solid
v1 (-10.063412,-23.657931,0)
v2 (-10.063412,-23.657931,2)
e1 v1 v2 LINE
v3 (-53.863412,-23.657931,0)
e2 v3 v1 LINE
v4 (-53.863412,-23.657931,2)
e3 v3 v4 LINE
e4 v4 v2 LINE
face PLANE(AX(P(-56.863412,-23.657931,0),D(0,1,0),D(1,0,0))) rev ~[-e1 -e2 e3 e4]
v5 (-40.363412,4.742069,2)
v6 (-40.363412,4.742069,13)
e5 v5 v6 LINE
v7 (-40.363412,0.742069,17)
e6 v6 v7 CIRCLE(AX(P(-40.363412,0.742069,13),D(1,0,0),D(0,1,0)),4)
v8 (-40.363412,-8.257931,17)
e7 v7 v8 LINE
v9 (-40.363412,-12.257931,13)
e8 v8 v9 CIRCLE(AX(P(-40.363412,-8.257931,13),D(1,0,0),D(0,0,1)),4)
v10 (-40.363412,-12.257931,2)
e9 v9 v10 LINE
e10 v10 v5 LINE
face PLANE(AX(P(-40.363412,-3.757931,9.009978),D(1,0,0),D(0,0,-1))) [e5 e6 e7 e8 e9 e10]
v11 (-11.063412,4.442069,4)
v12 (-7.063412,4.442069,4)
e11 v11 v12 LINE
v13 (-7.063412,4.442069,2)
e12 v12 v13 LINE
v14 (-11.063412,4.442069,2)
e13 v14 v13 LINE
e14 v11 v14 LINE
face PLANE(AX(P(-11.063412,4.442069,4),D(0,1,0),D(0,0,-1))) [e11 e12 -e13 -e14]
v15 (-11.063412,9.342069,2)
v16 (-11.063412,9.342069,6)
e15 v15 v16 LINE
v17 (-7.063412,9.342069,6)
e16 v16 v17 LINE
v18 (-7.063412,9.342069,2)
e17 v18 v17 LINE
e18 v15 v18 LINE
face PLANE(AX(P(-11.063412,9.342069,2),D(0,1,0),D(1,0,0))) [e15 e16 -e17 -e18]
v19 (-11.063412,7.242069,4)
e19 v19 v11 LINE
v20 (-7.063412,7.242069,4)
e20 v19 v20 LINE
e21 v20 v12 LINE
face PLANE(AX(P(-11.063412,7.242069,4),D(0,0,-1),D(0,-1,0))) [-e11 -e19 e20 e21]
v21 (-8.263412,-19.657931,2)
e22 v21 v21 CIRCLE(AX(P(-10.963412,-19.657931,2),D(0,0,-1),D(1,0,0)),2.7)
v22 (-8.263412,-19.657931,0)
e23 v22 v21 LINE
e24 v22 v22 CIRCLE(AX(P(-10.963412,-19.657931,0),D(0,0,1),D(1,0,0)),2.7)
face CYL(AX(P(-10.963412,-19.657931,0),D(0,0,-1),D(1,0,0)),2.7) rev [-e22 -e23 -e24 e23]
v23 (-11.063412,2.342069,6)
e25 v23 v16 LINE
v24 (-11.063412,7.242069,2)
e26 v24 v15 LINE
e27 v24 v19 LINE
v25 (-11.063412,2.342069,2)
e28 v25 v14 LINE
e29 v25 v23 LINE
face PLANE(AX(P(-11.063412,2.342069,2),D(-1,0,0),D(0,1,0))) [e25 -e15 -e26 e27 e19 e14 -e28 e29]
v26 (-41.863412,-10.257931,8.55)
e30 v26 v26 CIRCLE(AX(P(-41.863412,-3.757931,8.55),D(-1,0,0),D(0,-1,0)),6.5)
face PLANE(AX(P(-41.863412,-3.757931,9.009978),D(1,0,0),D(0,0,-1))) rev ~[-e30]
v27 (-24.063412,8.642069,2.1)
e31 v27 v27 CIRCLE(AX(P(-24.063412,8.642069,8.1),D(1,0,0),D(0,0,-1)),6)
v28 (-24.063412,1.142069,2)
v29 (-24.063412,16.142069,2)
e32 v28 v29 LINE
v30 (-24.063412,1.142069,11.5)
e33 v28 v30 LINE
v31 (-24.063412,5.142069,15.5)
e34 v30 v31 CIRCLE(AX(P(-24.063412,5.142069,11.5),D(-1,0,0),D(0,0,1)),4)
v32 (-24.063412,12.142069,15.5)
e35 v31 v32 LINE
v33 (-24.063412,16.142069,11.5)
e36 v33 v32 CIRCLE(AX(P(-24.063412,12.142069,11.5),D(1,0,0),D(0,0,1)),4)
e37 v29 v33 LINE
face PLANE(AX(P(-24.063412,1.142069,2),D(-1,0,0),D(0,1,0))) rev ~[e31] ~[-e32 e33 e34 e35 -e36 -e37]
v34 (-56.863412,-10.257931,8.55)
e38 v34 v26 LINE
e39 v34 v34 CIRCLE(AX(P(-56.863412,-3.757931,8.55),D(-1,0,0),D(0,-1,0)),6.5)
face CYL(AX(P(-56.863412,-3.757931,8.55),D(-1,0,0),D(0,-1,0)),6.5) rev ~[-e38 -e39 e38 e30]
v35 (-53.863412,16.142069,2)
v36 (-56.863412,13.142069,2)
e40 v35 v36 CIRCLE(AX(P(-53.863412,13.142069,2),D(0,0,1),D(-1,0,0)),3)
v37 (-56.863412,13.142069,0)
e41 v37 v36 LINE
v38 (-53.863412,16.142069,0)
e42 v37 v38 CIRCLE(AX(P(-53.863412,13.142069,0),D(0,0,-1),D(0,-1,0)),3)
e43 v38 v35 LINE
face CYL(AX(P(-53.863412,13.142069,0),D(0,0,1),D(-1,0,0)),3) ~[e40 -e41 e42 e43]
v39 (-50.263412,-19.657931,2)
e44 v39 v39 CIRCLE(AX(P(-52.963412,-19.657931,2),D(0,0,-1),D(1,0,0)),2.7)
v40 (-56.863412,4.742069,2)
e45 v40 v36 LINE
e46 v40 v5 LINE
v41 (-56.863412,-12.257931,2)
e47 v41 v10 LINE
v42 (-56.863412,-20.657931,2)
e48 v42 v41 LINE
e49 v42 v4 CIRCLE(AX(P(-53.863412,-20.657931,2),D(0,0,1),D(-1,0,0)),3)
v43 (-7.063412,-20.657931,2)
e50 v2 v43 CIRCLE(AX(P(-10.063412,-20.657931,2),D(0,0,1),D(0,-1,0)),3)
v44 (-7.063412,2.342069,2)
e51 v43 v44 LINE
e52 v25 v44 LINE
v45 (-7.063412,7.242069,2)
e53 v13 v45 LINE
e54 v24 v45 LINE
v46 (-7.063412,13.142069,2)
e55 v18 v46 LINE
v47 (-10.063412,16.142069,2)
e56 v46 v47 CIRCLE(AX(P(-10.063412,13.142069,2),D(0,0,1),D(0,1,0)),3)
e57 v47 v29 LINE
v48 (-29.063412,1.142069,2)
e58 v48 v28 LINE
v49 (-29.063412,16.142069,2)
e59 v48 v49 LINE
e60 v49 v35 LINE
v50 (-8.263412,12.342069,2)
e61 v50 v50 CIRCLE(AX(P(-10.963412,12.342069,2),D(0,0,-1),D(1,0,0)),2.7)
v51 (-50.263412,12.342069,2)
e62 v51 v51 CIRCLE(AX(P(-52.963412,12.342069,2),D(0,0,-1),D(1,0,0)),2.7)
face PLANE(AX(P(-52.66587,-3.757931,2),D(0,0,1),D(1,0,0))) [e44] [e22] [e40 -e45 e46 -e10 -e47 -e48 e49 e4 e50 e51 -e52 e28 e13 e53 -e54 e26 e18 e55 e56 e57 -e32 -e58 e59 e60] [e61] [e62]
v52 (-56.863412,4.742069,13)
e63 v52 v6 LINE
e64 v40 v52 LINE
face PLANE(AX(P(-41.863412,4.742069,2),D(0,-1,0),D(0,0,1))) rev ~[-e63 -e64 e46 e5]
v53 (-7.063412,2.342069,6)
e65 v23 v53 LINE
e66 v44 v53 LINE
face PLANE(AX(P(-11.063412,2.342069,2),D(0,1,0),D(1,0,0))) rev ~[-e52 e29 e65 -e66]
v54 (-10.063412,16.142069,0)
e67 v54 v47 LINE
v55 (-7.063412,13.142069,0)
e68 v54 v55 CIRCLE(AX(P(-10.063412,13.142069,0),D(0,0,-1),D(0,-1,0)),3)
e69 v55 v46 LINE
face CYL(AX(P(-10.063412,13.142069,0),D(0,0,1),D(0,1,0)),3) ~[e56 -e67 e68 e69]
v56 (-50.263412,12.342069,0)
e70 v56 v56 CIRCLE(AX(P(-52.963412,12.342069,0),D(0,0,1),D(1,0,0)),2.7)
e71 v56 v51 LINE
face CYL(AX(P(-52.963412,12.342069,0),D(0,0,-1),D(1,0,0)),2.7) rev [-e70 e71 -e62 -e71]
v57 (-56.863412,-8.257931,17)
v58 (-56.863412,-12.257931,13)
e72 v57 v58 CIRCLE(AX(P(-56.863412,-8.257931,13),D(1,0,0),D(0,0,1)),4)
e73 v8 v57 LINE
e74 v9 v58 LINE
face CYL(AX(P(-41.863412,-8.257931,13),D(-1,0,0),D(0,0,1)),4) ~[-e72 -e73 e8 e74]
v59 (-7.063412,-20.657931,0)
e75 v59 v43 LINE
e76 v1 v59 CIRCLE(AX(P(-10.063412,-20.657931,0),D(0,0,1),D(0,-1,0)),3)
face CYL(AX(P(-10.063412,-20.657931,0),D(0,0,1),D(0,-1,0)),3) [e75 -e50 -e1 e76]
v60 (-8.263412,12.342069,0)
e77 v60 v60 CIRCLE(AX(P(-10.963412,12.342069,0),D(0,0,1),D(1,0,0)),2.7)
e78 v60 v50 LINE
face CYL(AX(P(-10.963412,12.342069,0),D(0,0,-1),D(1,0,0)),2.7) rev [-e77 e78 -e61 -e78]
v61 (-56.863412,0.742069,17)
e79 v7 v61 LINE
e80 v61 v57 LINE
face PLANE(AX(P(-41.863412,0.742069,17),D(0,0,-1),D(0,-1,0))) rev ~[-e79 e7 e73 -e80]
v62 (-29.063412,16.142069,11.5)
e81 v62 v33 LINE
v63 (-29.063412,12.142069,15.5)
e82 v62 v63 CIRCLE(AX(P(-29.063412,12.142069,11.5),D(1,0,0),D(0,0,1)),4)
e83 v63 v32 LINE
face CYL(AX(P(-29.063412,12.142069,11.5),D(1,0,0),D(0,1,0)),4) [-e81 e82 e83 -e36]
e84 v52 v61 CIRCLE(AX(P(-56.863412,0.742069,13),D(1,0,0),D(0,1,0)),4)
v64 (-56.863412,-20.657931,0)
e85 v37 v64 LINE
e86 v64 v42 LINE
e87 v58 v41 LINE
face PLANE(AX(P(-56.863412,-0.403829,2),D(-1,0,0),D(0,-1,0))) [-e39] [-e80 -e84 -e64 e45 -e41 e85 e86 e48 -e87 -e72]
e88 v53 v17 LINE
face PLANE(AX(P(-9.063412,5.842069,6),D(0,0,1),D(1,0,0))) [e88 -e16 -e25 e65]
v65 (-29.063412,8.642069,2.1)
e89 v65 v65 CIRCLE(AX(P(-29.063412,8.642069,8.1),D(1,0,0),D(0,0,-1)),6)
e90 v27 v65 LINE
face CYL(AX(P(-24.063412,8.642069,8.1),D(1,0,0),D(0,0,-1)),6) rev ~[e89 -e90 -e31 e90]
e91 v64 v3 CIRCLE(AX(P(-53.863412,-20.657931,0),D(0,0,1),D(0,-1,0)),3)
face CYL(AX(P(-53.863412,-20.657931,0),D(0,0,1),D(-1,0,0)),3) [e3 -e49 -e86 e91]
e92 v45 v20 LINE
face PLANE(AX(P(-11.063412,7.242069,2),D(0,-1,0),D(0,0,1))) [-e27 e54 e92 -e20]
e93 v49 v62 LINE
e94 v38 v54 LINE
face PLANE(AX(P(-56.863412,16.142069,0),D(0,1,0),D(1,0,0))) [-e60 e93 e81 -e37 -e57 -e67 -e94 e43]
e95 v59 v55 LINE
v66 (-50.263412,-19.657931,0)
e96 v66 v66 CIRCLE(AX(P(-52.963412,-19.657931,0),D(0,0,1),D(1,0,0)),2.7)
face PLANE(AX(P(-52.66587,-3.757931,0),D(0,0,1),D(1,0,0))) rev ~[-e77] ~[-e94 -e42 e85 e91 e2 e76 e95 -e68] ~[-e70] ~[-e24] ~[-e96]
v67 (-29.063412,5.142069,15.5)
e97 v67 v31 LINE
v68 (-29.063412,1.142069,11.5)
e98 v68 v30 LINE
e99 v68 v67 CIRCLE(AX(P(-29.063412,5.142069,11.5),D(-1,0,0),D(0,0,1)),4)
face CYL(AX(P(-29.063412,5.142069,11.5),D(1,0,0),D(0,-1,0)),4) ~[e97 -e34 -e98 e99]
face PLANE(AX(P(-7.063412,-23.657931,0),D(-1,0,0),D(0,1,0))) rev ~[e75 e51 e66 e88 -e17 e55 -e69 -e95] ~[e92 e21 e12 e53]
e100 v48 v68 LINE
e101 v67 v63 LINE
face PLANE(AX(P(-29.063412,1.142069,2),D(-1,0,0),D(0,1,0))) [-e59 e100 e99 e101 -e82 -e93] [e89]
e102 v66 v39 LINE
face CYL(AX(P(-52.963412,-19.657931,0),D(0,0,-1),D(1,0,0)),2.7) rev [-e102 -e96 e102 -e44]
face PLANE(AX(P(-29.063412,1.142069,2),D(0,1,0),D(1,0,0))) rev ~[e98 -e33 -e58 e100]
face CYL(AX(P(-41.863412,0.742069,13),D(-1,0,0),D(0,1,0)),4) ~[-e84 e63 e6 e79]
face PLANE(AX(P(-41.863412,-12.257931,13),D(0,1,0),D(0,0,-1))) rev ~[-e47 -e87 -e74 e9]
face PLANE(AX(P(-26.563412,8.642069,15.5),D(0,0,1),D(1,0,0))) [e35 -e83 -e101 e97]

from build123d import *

# Parameters (mm, degrees)
CROQUIS1_W               = 49.8
CROQUIS1_H               = 39.8
CROQUIS1_R               = 2.7
SALIENTE_EXTRUIR1_DEPTH  = 6
CORTAR_EXTRUIR1_DEPTH    = 4
REDONDEO1_R              = 3
SALIENTE_EXTRUIR3_DEPTH  = 3
CROQUIS5_R               = 6.35
CORTAR_EXTRUIR2_DEPTH    = 3
SALIENTE_EXTRUIR4_DEPTH  = 10
SALIENTE_EXTRUIR5_DEPTH  = 2
CORTAR_EXTRUIR3_START    = -3
CORTAR_EXTRUIR3_DEPTH    = 3
CORTAR_EXTRUIR4_DEPTH    = 4
CROQUIS10_W              = 4
CROQUIS10_H              = 7
SALIENTE_EXTRUIR6_DEPTH  = 4
CORTAR_EXTRUIR5_START    = -4
CORTAR_EXTRUIR5_DEPTH    = 4
CROQUIS16_W              = 28.958796265
CROQUIS16_H              = 47.870649268
CORTAR_EXTRUIR6_DEPTH    = 2
CROQUIS17_W              = 5
CROQUIS17_H              = 16
CORTAR_EXTRUIR7_DEPTH    = 10
CORTAR_EXTRUIR8_DEPTH    = 2
SALIENTE_EXTRUIR7_DEPTH  = 2
CROQUIS22_R              = 6.5
SALIENTE_EXTRUIR9_DEPTH  = 15
SALIENTE_EXTRUIR10_DEPTH = 1.5
CROQUIS25_W              = 5
CROQUIS25_H              = 15
SALIENTE_EXTRUIR11_DEPTH = 13.5
CROQUIS26_R              = 6
CORTAR_EXTRUIR9_DEPTH    = 5
REDONDEO2_R              = 4


with BuildPart() as part:
    # Croquis1 → Saliente-Extruir1 (new body)
    with BuildSketch(Plane.XY):
        with Locations((-31.963412372, -3.757931034)):
            Rectangle(CROQUIS1_W, CROQUIS1_H)
        with Locations((-52.963412372, 12.342068966)):
            Circle(CROQUIS1_R, mode=Mode.SUBTRACT)
        with Locations((-10.963412372, 12.342068966)):
            Circle(CROQUIS1_R, mode=Mode.SUBTRACT)
        with Locations((-10.963412372, -19.657931034)):
            Circle(CROQUIS1_R, mode=Mode.SUBTRACT)
        with Locations((-52.963412372, -19.657931034)):
            Circle(CROQUIS1_R, mode=Mode.SUBTRACT)
    extrude(amount=SALIENTE_EXTRUIR1_DEPTH)

    # Croquis2 → Cortar-Extruir1 (cut)
    with BuildSketch(Plane.XY.offset(6)):
        with BuildLine():
            Line((-49.963412372, -16.757931034), (-13.963412372, -16.757931034))
            ThreePointArc((-13.963412372, -16.757931034), (-12.54919881, -16.172144597), (-11.963412372, -14.757931034))
            Line((-11.963412372, -14.757931034), (-11.963412372, 7.242068966))
            ThreePointArc((-11.963412372, 7.242068966), (-12.54919881, 8.656282528), (-13.963412372, 9.242068966))
            Line((-13.963412372, 9.242068966), (-49.963412372, 9.242068966))
            ThreePointArc((-49.963412372, 9.242068966), (-51.377625934, 8.656282528), (-51.963412372, 7.242068966))
            Line((-51.963412372, 7.242068966), (-51.963412372, -14.757931034))
            ThreePointArc((-51.963412372, -14.757931034), (-51.377625934, -16.172144597), (-49.963412372, -16.757931034))
        make_face()
    extrude(amount=-CORTAR_EXTRUIR1_DEPTH, mode=Mode.SUBTRACT)

    # Redondeo1
    redondeo1_edges = [part.edges().sort_by_distance(p)[0] for p in [
        (-56.863412372, 16.142068966, 3),
        (-7.063412372, 16.142068966, 3),
        (-7.063412372, -23.657931034, 3),
        (-56.863412372, -23.657931034, 3),
    ]]
    fillet(redondeo1_edges, radius=REDONDEO1_R)

    # Croquis4 → Saliente-Extruir3 (add)
    with BuildSketch(Plane(origin=(0, 0, 0), x_dir=(-1, 0, 0), z_dir=(0, 0, -1))):
        with BuildLine():
            Line((56.863412372, 4.242068966), (61.863412372, 4.242068966))
            Line((61.863412372, 4.242068966), (61.863412372, -0.257931034))
            Line((61.863412372, -0.257931034), (57.863412372, -0.257931034))
            ThreePointArc((57.863412372, -0.257931034), (57.358118834, -0.294597605), (56.863412372, -0.403829068))
            Line((56.863412372, -0.403829068), (56.863412372, 4.242068966))
        make_face()
        with BuildLine():
            Line((61.863412372, -11.757931034), (56.863412372, -11.757931034))
            Line((56.863412372, -11.757931034), (56.863412372, -7.112033001))
            ThreePointArc((56.863412372, -7.112033001), (57.358118834, -7.221264464), (57.863412372, -7.257931034))
            Line((57.863412372, -7.257931034), (61.863412372, -7.257931034))
            Line((61.863412372, -7.257931034), (61.863412372, -11.757931034))
        make_face()
    extrude(amount=-SALIENTE_EXTRUIR3_DEPTH)

    # Croquis5 → Cortar-Extruir2 (cut)
    with BuildSketch(Plane.XY.offset(3)):
        with Locations((-57.863412372, -3.757931034)):
            Circle(CROQUIS5_R)
    extrude(amount=CORTAR_EXTRUIR2_DEPTH, mode=Mode.SUBTRACT)

    # Croquis6 → Saliente-Extruir4 (add)
    with BuildSketch(Plane.XY.offset(3)):
        with BuildLine():
            Line((-61.863412372, 4.242068966), (-51.963412372, 4.242068966))
            Line((-51.963412372, 4.242068966), (-48.963412372, 4.242068966))
            Line((-48.963412372, 4.242068966), (-48.963412372, -11.757931034))
            Line((-48.963412372, -11.757931034), (-51.963412372, -11.757931034))
            Line((-51.963412372, -11.757931034), (-61.863412372, -11.757931034))
            Line((-61.863412372, -11.757931034), (-61.863412372, -8.689715701))
            ThreePointArc((-61.863412372, -8.689715701), (-51.513412372, -3.757931034), (-61.863412372, 1.173853632))
            Line((-61.863412372, 1.173853632), (-61.863412372, 4.242068966))
        make_face()
    extrude(amount=SALIENTE_EXTRUIR4_DEPTH)

    # Croquis7 → Saliente-Extruir5 (add)
    with BuildSketch(Plane.XY.offset(2)):
        Polygon((-51.963412372, -3.757931034), (-51.963412372, 4.242068966), (-48.963412372, 4.242068966), (-48.963412372, -11.757931034), (-51.963412372, -11.757931034), align=None)
    extrude(amount=SALIENTE_EXTRUIR5_DEPTH)

    # Croquis8 → Cortar-Extruir3 (cut)
    with BuildSketch(Plane.XY.offset(3).offset(CORTAR_EXTRUIR3_START)):
        with BuildLine():
            Line((-56.863412372, -0.403829068), (-56.863412372, -7.112033001))
            ThreePointArc((-56.863412372, -7.112033001), (-53.509310406, -3.757931034), (-56.863412372, -0.403829068))
        make_face()
    extrude(amount=CORTAR_EXTRUIR3_DEPTH, mode=Mode.SUBTRACT)

    # Croquis9 → Cortar-Extruir4 (cut)
    with BuildSketch(Plane.XY.offset(6)):
        Polygon((-56.863412372, -11.757931034), (-56.863412372, -27.492217147), (-1.817084798, -27.492217147), (-1.817084798, 22.861833321), (-56.863412372, 22.861833321), (-56.863412372, 4.242068966), (-47.172737702, 4.242068966), (-47.172737702, -11.757931034), align=None)
    extrude(amount=-CORTAR_EXTRUIR4_DEPTH, mode=Mode.SUBTRACT)

    # Croquis10 → Saliente-Extruir6 (add)
    with BuildSketch(Plane.XY.offset(2)):
        with Locations((-9.063412372, 5.842068966)):
            Rectangle(CROQUIS10_W, CROQUIS10_H)
    extrude(amount=SALIENTE_EXTRUIR6_DEPTH)

    # Croquis11 → Cortar-Extruir5 (cut)
    with BuildSketch(Plane(origin=(-7.063412372, 0, 0), x_dir=(0, 0, -1), z_dir=(1, 0, 0)).offset(CORTAR_EXTRUIR5_START)):
        Polygon((-2, 5.842068966), (-2, 7.242068966), (-4, 7.242068966), (-4, 4.442068966), (-2, 4.442068966), align=None)
    extrude(amount=CORTAR_EXTRUIR5_DEPTH, mode=Mode.SUBTRACT)

    # Croquis16 → Cortar-Extruir6 (cut)
    with BuildSketch(Plane.XY.offset(2)):
        with Locations((-49.718694927, -6.990346687)):
            Rectangle(CROQUIS16_W, CROQUIS16_H)
    extrude(amount=CORTAR_EXTRUIR6_DEPTH, mode=Mode.SUBTRACT)


with BuildPart() as cortar_extruir6_kept_piece:
    # of the separate pieces the step leaves, the one the design keeps (cortar_extruir6_pieces_kept)
    add(part.part.solids().sort_by_distance((-53.863412372, 16.142068966, 0))[0])

    # Croquis17 → Cortar-Extruir7 (cut)
    with BuildSketch(Plane.XY.offset(2)):
        with Locations((-59.363412372, -3.757931034)):
            Rectangle(CROQUIS17_W, CROQUIS17_H)
    extrude(amount=-CORTAR_EXTRUIR7_DEPTH, mode=Mode.SUBTRACT)

    # Croquis18 → Cortar-Extruir8 (cut)
    with BuildSketch(Plane.XY.offset(2)):
        with BuildLine():
            Line((-56.863412372, -0.403829068), (-50.513412372, -0.403829068))
            ThreePointArc((-50.513412372, -0.403829068), (-47.159310406, -3.757931034), (-50.513412372, -7.112033001))
            Line((-50.513412372, -7.112033001), (-56.863412372, -7.112033001))
            Line((-56.863412372, -7.112033001), (-56.863412372, -0.403829068))
        make_face()
    extrude(amount=-CORTAR_EXTRUIR8_DEPTH, mode=Mode.SUBTRACT)

    # Croquis20 → Saliente-Extruir7 (add)
    with BuildSketch(Plane.XY.offset(2)):
        with BuildLine():
            Line((-56.863412372, -0.403829068), (-56.863412372, -7.112033001))
            Line((-56.863412372, -7.112033001), (-50.513412372, -7.112033001))
            ThreePointArc((-50.513412372, -7.112033001), (-47.159310406, -3.757931034), (-50.513412372, -0.403829068))
            Line((-50.513412372, -0.403829068), (-56.863412372, -0.403829068))
        make_face()
    extrude(amount=-SALIENTE_EXTRUIR7_DEPTH)

    # Croquis22 → Saliente-Extruir9 (add)
    with BuildSketch(Plane.ZY.offset(56.863412372)):
        with BuildLine():
            Line((2, -3.757931034), (2, 4.742068966))
            Line((2, 4.742068966), (13, 4.742068966))
            ThreePointArc((13, 4.742068966), (15.828427125, 3.57049609), (17, 0.742068966))
            Line((17, 0.742068966), (17, -8.257931034))
            ThreePointArc((17, -8.257931034), (15.828427125, -11.086358159), (13, -12.257931034))
            Line((13, -12.257931034), (2, -12.257931034))
            Line((2, -12.257931034), (2, -3.757931034))
        make_face()
        with Locations(Location((8.55, -3.757931034, 0), (0, 0, 270))):
            Circle(CROQUIS22_R, mode=Mode.SUBTRACT)
    extrude(amount=-SALIENTE_EXTRUIR9_DEPTH)

    # Croquis23 → Saliente-Extruir10 (add)
    with BuildSketch(Plane(origin=(-41.863412372, 0, 0), x_dir=(0, 0, -1), z_dir=(1, 0, 0))):
        with BuildLine():
            Line((-13, -12.257931034), (-2, -12.257931034))
            Line((-2, -12.257931034), (-2, 4.742068966))
            Line((-2, 4.742068966), (-13, 4.742068966))
            ThreePointArc((-13, 4.742068966), (-15.828427125, 3.57049609), (-17, 0.742068966))
            Line((-17, 0.742068966), (-17, -8.257931034))
            ThreePointArc((-17, -8.257931034), (-15.828427125, -11.086358159), (-13, -12.257931034))
        make_face()
    extrude(amount=SALIENTE_EXTRUIR10_DEPTH)

    # Croquis25 → Saliente-Extruir11 (add)
    with BuildSketch(Plane.XY.offset(2)):
        with Locations((-26.563412372, 8.642068966)):
            Rectangle(CROQUIS25_W, CROQUIS25_H)
    extrude(amount=SALIENTE_EXTRUIR11_DEPTH)

    # Croquis26 → Cortar-Extruir9 (cut)
    with BuildSketch(Plane(origin=(-24.063412372, 0, 0), x_dir=(0, 0, -1), z_dir=(1, 0, 0))):
        with Locations((-8.1, 8.642068966)):
            Circle(CROQUIS26_R)
    extrude(amount=-CORTAR_EXTRUIR9_DEPTH, mode=Mode.SUBTRACT)

    # Redondeo2
    redondeo2_edges = [cortar_extruir6_kept_piece.edges().sort_by_distance(p)[0] for p in [
        (-26.563412372, 1.142068966, 15.5),
        (-26.563412372, 16.142068966, 15.5),
    ]]
    fillet(redondeo2_edges, radius=REDONDEO2_R)


solid = cortar_extruir6_kept_piece.part
